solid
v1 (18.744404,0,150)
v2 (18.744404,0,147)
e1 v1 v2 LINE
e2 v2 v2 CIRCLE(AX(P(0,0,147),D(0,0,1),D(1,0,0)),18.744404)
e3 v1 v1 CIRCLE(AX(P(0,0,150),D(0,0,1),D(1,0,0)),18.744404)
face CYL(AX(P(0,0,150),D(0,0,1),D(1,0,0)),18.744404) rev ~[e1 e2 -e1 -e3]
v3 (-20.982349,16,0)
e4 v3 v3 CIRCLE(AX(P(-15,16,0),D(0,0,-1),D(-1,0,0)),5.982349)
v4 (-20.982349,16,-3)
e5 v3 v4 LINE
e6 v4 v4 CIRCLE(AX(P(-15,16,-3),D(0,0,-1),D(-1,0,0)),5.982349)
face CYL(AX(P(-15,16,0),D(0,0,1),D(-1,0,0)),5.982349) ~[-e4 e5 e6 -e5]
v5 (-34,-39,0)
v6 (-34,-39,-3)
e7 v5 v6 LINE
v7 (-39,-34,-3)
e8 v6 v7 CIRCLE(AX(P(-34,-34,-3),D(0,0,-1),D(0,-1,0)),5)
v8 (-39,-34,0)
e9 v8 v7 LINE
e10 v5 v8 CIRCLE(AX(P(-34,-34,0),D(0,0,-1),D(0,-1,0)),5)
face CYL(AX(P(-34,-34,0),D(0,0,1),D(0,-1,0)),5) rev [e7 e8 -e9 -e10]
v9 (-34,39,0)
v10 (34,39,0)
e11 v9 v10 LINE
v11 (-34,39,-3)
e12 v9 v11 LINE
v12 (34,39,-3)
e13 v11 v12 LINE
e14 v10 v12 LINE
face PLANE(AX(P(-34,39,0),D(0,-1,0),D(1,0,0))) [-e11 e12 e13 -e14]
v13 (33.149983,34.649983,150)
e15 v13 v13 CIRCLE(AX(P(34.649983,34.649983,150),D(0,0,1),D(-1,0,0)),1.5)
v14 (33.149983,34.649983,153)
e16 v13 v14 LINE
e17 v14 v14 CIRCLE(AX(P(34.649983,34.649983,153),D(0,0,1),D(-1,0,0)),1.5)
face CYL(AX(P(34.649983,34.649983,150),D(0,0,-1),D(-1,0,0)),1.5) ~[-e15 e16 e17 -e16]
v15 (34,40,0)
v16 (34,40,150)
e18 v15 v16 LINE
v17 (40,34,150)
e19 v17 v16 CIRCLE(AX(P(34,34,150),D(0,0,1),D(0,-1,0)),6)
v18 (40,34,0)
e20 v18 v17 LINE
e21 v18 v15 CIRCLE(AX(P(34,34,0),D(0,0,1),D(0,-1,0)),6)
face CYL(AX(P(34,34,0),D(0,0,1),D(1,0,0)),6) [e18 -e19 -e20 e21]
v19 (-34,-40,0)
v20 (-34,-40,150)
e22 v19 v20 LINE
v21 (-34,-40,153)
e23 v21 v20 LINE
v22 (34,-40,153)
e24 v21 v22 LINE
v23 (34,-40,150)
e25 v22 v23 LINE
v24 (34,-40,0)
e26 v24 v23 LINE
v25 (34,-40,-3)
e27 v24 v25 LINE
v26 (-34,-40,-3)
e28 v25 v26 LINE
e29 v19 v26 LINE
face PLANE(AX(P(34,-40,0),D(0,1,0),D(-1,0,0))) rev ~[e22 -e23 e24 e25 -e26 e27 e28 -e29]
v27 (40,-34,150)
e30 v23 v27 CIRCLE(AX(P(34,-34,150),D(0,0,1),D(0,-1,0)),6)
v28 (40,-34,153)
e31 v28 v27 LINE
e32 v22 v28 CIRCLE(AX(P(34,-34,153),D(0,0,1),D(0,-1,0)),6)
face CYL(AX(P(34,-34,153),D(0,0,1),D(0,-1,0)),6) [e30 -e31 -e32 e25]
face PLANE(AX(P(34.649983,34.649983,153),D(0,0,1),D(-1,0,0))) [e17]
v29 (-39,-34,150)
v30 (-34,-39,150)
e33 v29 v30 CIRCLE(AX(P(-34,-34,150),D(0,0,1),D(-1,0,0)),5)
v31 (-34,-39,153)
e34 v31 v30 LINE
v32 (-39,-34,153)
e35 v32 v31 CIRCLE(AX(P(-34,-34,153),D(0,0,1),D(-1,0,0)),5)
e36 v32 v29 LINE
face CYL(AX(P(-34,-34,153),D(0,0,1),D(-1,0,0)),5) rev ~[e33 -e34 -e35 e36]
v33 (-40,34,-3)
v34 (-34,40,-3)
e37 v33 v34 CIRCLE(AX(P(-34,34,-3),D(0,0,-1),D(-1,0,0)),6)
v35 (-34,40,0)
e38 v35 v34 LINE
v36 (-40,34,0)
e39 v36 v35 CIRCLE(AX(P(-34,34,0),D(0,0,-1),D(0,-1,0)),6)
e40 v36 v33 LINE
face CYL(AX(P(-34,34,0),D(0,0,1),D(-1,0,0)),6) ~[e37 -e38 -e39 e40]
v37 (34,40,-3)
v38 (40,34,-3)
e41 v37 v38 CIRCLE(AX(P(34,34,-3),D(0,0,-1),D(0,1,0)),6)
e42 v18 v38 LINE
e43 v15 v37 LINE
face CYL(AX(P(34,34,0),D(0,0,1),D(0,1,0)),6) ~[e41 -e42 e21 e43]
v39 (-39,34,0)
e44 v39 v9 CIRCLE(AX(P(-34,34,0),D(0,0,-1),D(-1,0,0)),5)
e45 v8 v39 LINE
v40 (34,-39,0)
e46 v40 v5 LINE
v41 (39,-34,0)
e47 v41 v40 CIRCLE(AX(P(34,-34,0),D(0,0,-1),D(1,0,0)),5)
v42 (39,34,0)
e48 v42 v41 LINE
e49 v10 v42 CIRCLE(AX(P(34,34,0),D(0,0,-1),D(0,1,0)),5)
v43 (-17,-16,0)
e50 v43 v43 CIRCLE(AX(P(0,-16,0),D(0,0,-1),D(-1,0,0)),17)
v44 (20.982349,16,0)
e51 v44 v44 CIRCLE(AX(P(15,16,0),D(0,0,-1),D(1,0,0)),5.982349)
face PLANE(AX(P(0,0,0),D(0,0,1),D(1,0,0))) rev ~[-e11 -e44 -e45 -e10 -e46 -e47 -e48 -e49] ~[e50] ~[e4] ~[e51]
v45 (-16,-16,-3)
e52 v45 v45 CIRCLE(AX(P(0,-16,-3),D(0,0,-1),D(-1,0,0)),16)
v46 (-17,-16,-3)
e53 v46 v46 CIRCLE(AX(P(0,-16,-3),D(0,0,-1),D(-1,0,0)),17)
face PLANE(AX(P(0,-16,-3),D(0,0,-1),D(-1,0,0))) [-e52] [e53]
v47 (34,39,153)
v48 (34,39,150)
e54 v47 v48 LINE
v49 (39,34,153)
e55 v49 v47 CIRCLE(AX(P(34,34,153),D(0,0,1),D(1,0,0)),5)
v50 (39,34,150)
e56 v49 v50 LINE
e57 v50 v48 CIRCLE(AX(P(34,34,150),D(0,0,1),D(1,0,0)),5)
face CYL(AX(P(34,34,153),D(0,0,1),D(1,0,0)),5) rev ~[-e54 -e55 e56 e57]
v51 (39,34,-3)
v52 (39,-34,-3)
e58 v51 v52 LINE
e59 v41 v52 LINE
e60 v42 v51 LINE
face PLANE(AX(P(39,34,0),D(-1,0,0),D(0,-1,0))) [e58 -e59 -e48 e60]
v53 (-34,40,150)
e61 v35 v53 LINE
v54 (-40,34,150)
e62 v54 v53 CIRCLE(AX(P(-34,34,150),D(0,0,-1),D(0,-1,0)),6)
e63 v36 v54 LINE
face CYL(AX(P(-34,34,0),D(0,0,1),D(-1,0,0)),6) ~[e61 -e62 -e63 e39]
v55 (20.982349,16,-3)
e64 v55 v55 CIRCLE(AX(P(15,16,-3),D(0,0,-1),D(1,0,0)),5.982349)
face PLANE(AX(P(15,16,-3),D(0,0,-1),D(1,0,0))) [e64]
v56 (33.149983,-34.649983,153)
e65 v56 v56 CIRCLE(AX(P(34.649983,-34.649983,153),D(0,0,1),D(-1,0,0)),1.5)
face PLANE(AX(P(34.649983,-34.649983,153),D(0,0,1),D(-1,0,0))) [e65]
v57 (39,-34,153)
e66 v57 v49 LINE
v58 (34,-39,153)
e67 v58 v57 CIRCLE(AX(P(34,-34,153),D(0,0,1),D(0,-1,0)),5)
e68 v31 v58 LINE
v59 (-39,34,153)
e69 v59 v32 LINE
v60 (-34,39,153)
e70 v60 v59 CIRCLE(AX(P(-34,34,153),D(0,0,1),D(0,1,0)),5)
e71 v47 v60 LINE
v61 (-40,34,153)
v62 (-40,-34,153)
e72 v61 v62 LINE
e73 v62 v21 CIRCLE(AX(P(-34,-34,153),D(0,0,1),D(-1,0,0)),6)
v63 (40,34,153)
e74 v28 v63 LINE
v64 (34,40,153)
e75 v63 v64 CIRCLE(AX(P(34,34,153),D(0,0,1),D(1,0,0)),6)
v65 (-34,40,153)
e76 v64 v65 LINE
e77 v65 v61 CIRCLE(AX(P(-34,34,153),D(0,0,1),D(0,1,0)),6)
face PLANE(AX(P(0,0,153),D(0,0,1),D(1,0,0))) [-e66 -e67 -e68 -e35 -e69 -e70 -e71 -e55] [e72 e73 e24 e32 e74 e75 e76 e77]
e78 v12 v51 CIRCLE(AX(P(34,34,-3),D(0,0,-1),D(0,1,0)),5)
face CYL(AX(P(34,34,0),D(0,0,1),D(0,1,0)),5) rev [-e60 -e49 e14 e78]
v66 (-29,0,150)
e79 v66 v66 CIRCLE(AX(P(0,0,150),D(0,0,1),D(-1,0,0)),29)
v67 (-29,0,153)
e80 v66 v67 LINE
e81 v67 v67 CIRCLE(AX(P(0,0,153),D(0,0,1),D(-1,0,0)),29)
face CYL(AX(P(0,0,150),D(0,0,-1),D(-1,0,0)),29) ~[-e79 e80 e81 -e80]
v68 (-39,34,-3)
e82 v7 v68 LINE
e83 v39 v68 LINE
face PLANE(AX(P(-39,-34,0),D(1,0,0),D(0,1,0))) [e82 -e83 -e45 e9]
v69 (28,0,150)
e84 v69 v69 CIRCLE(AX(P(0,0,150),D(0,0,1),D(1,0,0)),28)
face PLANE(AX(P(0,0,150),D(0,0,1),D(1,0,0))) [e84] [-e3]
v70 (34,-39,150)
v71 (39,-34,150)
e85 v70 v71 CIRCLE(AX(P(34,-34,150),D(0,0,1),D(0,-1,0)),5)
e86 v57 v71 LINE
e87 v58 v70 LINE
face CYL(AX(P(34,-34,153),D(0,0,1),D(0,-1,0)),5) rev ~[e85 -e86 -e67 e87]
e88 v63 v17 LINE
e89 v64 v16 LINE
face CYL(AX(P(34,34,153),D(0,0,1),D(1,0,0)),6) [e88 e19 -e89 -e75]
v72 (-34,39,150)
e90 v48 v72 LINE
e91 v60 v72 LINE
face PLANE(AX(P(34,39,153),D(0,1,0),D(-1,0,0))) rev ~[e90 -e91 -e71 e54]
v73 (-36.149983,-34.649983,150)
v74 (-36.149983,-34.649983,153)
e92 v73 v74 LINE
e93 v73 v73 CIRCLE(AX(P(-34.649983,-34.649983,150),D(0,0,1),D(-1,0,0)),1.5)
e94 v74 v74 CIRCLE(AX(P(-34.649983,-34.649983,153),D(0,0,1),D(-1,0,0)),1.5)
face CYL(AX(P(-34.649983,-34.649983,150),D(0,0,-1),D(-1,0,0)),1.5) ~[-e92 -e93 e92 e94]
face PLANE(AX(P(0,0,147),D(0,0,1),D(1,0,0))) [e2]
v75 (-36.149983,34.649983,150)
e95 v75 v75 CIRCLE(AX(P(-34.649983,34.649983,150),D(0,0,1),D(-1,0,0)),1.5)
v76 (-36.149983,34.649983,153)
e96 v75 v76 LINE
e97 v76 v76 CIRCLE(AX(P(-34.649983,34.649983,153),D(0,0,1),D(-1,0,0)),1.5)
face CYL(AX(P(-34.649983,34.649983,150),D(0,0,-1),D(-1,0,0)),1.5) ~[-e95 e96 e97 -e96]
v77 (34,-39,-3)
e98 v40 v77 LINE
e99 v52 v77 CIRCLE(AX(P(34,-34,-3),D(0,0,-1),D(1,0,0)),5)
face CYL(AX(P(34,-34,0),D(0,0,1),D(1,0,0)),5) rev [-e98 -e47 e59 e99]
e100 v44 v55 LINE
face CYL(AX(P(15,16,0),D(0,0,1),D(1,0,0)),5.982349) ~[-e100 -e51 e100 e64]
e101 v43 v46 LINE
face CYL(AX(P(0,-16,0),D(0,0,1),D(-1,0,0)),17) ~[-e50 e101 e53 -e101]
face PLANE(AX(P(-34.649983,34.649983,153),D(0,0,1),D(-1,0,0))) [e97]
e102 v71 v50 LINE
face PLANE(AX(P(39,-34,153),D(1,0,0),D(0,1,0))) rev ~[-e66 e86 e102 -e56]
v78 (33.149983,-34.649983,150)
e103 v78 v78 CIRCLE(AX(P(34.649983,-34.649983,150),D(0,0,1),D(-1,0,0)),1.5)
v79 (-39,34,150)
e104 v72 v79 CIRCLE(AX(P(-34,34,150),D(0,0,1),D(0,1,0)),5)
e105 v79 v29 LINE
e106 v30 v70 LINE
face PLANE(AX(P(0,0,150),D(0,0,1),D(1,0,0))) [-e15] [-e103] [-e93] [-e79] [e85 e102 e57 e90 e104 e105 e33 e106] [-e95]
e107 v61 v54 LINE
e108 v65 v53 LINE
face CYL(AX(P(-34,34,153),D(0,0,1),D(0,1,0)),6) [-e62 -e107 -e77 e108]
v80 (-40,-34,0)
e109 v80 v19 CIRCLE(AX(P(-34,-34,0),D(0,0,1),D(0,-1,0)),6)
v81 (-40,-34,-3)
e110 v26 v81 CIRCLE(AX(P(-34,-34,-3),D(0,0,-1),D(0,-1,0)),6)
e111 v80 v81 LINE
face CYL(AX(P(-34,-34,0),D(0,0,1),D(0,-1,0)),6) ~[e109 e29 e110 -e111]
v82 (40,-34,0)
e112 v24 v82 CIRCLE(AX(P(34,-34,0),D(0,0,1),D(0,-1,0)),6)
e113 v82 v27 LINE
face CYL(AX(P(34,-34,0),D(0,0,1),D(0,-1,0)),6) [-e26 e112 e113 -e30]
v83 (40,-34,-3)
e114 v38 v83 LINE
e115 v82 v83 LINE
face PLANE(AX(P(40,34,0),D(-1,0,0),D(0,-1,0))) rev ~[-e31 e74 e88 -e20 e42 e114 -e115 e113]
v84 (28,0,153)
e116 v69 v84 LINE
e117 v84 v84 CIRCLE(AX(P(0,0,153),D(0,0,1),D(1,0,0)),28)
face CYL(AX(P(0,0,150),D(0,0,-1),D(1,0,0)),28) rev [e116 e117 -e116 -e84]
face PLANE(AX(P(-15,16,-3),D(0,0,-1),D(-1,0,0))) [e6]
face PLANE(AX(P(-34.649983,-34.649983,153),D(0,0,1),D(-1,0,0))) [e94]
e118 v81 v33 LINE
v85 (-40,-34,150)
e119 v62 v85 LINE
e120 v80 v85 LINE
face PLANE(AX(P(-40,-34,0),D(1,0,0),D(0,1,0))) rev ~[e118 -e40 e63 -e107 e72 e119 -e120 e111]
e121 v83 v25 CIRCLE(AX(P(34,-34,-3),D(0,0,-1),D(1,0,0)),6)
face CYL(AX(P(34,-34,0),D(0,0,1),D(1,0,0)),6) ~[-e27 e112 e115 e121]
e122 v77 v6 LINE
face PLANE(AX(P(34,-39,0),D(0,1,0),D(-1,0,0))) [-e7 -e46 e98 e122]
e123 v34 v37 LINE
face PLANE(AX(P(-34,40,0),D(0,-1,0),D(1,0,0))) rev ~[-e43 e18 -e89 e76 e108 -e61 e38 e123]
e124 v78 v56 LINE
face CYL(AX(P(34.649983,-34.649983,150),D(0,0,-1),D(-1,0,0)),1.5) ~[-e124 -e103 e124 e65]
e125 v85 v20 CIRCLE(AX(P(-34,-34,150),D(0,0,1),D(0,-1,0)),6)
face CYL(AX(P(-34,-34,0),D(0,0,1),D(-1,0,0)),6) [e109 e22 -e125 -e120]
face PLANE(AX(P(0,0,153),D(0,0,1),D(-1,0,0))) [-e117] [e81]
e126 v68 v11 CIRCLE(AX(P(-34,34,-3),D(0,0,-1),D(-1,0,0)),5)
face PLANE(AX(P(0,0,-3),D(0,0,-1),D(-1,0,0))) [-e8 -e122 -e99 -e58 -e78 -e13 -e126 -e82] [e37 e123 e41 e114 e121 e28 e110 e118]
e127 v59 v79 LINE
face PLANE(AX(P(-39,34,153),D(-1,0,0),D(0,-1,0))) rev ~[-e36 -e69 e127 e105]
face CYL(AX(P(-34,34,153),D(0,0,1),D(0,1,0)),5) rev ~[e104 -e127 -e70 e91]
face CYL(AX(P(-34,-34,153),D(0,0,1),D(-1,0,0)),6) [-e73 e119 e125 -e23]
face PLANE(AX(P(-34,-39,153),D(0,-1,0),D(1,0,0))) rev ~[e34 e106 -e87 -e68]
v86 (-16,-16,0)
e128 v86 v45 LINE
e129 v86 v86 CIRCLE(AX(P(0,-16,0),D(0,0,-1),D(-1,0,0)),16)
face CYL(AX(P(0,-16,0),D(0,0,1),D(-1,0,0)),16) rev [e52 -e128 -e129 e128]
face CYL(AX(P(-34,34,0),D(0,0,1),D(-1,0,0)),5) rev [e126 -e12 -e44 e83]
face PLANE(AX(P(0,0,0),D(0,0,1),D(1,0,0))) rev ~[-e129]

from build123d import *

# Parameters (mm, degrees)
SKETCH_2_W          = 80
SKETCH_2_H          = 80
EXTRUDE_1_DEPTH     = 150
FILLET_1_R          = 6
EXTRUDE_START       = 3
EXTRUDE_2_DEPTH     = 3
EXTRUDE_5_DEPTH     = 3
SKETCH_7_R          = 17
SKETCH_7_R_2        = 16
SKETCH_7_R_3        = 5.982349016
EXTRUDE_6_DEPTH     = 3
SKETCH_8_R          = 29
SKETCH_8_R_2        = 28
EXTRUDE_7_DEPTH     = 3
SKETCH_9_R          = 1.5
EXTRUDE_8_DEPTH     = 3
SKETCH_10_R         = 18.744403632
CUT_EXTRUDE_1_DEPTH = 3


with BuildPart() as part:
    # 草图2 → 凸台-拉伸1 (new body)
    with BuildSketch(Plane.XY):
        Rectangle(SKETCH_2_W, SKETCH_2_H)
    extrude(amount=EXTRUDE_1_DEPTH)

    # 圆角1
    fillet_1_edges = [part.edges().sort_by_distance(p)[0] for p in [
        (40, -40, 75),
        (-40, -40, 75),
        (-40, 40, 75),
        (40, 40, 75),
    ]]
    fillet(fillet_1_edges, radius=FILLET_1_R)

    # 草图3 → 凸台-拉伸2 (add)
    with BuildSketch(Plane.XY.offset(150).offset(EXTRUDE_START)):
        with BuildLine():
            Line((-40, 34), (-40, -34))
            ThreePointArc((-40, -34), (-38.242640687, -38.242640687), (-34, -40))
            Line((-34, -40), (34, -40))
            ThreePointArc((34, -40), (38.242640687, -38.242640687), (40, -34))
            Line((40, -34), (40, 34))
            ThreePointArc((40, 34), (38.242640687, 38.242640687), (34, 40))
            Line((34, 40), (-34, 40))
            ThreePointArc((-34, 40), (-38.242640687, 38.242640687), (-40, 34))
        make_face()
        with BuildLine():
            Line((34, 39), (-34, 39))
            ThreePointArc((-34, 39), (-37.535533906, 37.535533906), (-39, 34))
            Line((-39, 34), (-39, -34))
            ThreePointArc((-39, -34), (-37.535533906, -37.535533906), (-34, -39))
            Line((-34, -39), (34, -39))
            ThreePointArc((34, -39), (37.535533906, -37.535533906), (39, -34))
            Line((39, -34), (39, 34))
            ThreePointArc((39, 34), (37.535533906, 37.535533906), (34, 39))
        make_face(mode=Mode.SUBTRACT)
    extrude(amount=-EXTRUDE_2_DEPTH)

    # 草图6 → 凸台-拉伸5 (add)
    with BuildSketch(Plane(origin=(0, 0, 0), x_dir=(-1, 0, 0), z_dir=(0, 0, -1))):
        with BuildLine():
            Line((-34, -40), (34, -40))
            ThreePointArc((34, -40), (38.242640687, -38.242640687), (40, -34))
            Line((40, -34), (40, 34))
            ThreePointArc((40, 34), (38.242640687, 38.242640687), (34, 40))
            Line((34, 40), (-34, 40))
            ThreePointArc((-34, 40), (-38.242640687, 38.242640687), (-40, 34))
            Line((-40, 34), (-40, -34))
            ThreePointArc((-40, -34), (-38.242640687, -38.242640687), (-34, -40))
        make_face()
        with BuildLine():
            Line((34, 39), (-34, 39))
            ThreePointArc((-34, 39), (-37.535533906, 37.535533906), (-39, 34))
            Line((-39, 34), (-39, -34))
            ThreePointArc((-39, -34), (-37.535533906, -37.535533906), (-34, -39))
            Line((-34, -39), (34, -39))
            ThreePointArc((34, -39), (37.535533906, -37.535533906), (39, -34))
            Line((39, -34), (39, 34))
            ThreePointArc((39, 34), (37.535533906, 37.535533906), (34, 39))
        make_face(mode=Mode.SUBTRACT)
    extrude(amount=EXTRUDE_5_DEPTH)

    # 草图7 → 凸台-拉伸6 (add)
    # profile 1 of 3: a face of its own
    with BuildSketch(Plane(origin=(0, 0, 0), x_dir=(-1, 0, 0), z_dir=(0, 0, -1))):
        with Locations((0, -16)):
            Circle(SKETCH_7_R)
        with Locations((0, -16)):
            Circle(SKETCH_7_R_2, mode=Mode.SUBTRACT)
    # profile 2 of 3: a face of its own
    with BuildSketch(Plane(origin=(0, 0, 0), x_dir=(-1, 0, 0), z_dir=(0, 0, -1))):
        with Locations((15, 16)):
            Circle(SKETCH_7_R_3)
    # profile 3 of 3: a face of its own
    with BuildSketch(Plane(origin=(0, 0, 0), x_dir=(-1, 0, 0), z_dir=(0, 0, -1))):
        with Locations(Location((-15, 16, 0), (0, 0, 180))):
            Circle(SKETCH_7_R_3)
    extrude(amount=EXTRUDE_6_DEPTH)

    # 草图8 → 凸台-拉伸7 (add)
    with BuildSketch(Plane.XY.offset(150)):
        with Locations(Location((0, 0, 0), (0, 0, 180))):
            Circle(SKETCH_8_R)
        Circle(SKETCH_8_R_2, mode=Mode.SUBTRACT)
    extrude(amount=EXTRUDE_7_DEPTH)

    # 草图9 → 凸台-拉伸8 (add)
    with BuildSketch(Plane.XY.offset(150)):
        with Locations(Location((-34.649983427, 34.649983427, 0), (0, 0, 180))):
            Circle(SKETCH_9_R)
        with Locations(Location((34.649983427, 34.649983427, 0), (0, 0, 180))):
            Circle(SKETCH_9_R)
        with Locations(Location((34.649983427, -34.649983427, 0), (0, 0, 180))):
            Circle(SKETCH_9_R)
        with Locations(Location((-34.649983427, -34.649983427, 0), (0, 0, 180))):
            Circle(SKETCH_9_R)
    extrude(amount=EXTRUDE_8_DEPTH)

    # 草图10 → 切除-拉伸1 (cut)
    with BuildSketch(Plane.XY.offset(150)):
        Circle(SKETCH_10_R)
    extrude(amount=-CUT_EXTRUDE_1_DEPTH, mode=Mode.SUBTRACT)


solid = part.part
